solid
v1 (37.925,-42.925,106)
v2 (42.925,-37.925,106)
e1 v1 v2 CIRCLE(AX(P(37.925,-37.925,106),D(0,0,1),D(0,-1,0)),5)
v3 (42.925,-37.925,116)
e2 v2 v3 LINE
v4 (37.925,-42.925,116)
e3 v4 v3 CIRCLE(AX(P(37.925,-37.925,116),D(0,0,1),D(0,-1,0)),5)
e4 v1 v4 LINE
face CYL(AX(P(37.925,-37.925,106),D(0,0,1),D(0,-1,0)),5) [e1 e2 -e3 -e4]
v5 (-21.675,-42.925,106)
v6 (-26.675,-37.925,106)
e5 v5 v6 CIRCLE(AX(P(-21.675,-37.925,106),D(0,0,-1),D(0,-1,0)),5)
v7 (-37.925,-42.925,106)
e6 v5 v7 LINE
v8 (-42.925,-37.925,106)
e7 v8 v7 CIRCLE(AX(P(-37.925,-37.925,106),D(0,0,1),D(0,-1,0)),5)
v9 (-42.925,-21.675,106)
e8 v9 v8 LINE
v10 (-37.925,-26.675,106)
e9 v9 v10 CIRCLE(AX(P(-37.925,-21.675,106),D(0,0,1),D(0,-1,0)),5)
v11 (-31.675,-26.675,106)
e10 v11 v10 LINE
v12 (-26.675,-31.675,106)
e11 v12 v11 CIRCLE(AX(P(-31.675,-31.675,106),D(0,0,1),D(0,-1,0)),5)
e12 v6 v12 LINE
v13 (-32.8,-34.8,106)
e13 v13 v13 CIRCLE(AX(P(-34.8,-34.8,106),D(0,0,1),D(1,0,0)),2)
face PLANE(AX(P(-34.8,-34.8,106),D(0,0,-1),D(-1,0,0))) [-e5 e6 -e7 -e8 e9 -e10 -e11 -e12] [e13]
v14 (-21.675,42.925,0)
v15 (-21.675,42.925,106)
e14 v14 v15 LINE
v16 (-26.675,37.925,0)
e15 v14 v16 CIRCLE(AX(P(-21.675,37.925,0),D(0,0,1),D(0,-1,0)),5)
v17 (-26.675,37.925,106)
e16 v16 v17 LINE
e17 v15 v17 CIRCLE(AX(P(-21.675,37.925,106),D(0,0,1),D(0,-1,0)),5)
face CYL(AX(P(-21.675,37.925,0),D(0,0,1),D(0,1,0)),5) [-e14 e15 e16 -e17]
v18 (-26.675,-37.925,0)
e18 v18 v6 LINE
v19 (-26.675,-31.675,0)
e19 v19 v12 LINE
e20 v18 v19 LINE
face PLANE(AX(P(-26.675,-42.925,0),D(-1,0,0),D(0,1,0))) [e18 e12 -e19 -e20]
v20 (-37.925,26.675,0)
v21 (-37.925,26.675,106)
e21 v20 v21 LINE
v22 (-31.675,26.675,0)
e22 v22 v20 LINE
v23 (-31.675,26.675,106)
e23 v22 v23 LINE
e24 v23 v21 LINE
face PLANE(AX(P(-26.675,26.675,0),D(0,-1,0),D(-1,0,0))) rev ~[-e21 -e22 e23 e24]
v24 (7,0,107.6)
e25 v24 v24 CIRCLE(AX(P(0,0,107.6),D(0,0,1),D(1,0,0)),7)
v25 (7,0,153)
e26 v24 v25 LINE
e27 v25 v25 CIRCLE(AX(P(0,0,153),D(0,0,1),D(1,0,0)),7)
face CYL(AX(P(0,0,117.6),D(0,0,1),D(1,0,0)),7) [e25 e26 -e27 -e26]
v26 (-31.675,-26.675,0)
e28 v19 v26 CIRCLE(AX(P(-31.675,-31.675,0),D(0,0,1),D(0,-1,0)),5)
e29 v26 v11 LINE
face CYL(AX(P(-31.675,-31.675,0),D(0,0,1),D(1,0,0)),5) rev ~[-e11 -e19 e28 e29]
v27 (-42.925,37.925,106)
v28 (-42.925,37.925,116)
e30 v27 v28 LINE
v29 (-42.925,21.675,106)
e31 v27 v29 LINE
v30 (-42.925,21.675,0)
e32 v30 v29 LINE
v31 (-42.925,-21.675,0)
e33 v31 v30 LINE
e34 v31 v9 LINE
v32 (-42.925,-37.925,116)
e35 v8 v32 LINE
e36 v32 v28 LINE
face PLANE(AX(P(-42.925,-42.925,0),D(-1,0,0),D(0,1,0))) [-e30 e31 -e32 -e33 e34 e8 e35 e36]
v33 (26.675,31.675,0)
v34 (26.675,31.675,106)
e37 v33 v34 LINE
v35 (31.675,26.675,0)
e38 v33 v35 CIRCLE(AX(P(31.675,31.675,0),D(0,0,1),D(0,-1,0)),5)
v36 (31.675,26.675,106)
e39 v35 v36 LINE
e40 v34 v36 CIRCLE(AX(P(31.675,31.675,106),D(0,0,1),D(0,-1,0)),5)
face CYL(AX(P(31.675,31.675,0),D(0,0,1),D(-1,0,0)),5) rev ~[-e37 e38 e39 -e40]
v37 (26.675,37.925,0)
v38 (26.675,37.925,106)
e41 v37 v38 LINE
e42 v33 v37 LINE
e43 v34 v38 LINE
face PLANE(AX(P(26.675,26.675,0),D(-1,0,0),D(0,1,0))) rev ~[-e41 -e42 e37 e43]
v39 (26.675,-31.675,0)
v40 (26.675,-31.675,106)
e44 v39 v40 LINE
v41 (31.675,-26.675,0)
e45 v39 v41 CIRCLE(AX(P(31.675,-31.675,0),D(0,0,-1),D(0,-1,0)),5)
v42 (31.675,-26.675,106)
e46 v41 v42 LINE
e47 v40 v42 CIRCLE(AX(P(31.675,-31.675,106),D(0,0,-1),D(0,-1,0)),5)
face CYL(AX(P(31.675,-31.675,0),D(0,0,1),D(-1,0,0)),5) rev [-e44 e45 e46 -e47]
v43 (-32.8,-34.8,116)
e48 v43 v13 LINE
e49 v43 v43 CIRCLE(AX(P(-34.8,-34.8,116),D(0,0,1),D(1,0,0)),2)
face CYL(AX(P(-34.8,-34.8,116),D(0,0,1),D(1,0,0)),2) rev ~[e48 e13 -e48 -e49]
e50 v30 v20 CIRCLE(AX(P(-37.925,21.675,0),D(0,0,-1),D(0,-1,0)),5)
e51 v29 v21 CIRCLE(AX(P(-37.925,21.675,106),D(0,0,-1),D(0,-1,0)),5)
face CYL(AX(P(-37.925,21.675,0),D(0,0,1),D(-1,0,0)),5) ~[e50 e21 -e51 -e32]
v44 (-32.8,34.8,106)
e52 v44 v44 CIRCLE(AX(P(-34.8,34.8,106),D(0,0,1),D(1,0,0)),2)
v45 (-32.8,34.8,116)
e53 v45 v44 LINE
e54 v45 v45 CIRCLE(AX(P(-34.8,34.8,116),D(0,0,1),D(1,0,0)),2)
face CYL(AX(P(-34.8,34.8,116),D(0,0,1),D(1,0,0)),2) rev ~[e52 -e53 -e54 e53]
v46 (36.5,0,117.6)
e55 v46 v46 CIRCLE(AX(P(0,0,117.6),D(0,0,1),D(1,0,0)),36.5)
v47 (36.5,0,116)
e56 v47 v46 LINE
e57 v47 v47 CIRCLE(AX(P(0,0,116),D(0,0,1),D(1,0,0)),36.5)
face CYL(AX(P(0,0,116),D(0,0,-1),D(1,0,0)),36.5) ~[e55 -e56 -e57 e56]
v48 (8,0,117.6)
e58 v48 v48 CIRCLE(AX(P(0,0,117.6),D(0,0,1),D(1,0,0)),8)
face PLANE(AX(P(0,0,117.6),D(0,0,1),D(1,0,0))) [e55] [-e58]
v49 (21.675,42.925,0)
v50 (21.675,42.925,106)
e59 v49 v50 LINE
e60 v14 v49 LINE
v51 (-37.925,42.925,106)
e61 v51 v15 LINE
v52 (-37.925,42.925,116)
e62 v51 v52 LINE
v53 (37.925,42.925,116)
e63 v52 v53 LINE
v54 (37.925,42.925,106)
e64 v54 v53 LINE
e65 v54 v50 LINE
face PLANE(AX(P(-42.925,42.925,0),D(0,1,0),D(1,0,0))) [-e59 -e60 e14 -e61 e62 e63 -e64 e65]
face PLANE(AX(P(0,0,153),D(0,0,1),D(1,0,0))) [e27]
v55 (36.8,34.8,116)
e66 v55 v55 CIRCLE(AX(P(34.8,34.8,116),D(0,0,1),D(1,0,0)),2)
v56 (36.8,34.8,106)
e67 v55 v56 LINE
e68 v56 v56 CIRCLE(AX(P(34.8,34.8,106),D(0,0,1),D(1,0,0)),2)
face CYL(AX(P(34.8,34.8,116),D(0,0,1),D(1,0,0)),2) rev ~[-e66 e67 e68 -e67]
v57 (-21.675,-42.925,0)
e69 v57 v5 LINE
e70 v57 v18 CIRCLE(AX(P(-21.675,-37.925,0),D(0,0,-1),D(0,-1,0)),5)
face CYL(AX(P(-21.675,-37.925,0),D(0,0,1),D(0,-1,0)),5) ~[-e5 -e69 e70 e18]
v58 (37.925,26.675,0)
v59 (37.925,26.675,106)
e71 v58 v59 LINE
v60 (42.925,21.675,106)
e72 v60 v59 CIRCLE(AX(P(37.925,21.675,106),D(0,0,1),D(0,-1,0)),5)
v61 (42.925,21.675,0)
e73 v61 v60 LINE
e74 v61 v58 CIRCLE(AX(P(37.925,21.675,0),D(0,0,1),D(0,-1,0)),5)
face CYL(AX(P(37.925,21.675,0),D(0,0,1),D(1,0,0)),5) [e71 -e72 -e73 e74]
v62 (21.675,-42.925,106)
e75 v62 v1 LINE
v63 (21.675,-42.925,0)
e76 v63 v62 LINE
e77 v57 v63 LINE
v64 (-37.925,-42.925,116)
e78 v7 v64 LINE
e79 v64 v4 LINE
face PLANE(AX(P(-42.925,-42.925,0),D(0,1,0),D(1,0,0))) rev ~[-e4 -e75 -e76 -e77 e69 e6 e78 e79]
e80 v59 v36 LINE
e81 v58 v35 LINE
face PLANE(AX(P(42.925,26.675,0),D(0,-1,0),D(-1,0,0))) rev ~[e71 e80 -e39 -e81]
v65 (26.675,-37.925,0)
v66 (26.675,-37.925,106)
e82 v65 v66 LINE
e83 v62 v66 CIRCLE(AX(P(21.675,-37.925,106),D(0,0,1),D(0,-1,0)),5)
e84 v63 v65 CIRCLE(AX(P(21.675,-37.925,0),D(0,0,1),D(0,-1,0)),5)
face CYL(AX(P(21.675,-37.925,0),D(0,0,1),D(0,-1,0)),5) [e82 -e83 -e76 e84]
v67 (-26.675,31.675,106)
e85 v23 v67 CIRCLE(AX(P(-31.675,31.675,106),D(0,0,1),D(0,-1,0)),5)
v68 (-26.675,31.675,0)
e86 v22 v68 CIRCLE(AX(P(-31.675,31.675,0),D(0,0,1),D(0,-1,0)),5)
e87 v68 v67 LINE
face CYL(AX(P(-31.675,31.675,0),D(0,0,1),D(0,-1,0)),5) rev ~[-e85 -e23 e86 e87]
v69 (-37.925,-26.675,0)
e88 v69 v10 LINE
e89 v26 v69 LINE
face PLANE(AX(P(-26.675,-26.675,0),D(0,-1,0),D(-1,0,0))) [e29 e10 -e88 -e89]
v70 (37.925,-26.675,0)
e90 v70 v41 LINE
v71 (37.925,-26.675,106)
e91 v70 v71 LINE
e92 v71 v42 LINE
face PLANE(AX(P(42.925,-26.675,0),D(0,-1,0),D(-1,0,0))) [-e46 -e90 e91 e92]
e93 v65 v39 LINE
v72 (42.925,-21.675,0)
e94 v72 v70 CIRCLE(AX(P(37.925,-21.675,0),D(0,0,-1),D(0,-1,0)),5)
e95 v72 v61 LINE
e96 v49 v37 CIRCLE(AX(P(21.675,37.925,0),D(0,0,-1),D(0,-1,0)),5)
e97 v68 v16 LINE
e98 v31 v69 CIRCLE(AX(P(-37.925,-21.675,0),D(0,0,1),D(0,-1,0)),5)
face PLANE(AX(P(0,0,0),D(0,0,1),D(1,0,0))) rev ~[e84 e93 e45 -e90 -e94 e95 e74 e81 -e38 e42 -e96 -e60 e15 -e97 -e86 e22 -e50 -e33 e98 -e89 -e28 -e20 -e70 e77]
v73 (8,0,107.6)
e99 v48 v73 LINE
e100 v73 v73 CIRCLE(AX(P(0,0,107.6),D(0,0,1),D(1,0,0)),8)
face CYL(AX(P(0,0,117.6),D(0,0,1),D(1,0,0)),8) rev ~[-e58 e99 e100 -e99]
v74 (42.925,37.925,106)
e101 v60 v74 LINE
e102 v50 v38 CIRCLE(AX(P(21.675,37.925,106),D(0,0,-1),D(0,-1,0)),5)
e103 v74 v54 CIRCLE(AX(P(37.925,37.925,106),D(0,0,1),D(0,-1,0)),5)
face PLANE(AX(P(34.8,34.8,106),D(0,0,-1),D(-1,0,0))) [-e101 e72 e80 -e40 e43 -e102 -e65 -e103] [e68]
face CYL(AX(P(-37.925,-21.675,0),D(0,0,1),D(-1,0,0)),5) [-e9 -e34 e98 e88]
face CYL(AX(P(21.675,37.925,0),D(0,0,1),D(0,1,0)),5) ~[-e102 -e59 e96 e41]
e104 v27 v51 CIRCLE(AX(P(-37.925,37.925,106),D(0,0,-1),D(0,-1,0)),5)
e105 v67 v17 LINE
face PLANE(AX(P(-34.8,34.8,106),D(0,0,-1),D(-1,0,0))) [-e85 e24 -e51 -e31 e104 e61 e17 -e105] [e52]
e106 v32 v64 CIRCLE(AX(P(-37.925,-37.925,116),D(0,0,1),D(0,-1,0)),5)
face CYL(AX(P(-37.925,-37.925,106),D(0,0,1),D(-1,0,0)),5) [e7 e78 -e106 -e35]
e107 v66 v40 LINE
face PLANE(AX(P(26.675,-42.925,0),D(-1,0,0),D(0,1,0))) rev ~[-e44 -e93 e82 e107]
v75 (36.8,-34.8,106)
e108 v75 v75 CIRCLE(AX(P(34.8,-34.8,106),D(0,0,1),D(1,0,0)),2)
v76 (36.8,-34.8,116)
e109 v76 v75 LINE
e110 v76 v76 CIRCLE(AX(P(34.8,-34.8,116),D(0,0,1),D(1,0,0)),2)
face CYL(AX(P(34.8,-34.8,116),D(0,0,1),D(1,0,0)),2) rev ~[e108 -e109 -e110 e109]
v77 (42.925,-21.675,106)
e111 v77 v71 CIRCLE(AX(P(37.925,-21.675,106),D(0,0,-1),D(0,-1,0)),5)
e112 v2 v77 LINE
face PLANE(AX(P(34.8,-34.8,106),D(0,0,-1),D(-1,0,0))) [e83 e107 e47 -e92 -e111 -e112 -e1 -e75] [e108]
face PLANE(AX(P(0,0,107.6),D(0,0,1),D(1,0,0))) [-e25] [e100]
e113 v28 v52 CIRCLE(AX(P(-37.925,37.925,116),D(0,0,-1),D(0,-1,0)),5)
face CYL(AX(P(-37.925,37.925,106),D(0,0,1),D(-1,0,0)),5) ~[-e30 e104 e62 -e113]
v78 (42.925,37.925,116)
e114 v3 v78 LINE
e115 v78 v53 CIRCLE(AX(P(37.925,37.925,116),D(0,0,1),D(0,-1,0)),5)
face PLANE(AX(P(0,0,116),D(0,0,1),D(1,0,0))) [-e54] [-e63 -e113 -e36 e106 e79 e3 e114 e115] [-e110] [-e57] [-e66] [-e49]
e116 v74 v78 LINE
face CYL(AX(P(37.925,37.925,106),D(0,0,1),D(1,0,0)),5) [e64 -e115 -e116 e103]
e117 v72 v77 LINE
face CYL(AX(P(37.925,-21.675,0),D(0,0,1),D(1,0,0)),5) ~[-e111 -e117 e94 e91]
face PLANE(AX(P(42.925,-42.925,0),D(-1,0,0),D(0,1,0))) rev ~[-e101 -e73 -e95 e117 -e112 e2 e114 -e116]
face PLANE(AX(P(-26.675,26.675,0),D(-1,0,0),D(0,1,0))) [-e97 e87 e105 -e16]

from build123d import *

# Parameters (mm, degrees)
SZKIC1_W                    = 85.85
SZKIC1_H                    = 85.85
DODANIE_WYCI_GNI_CIE2_DEPTH = 116
SZKIC3_R                    = 36.5
DODANIE_WYCI_GNI_CIE3_DEPTH = 1.6
SZKIC5_W                    = 16.25
SZKIC5_H                    = 16.25
WYTNIJ_WYCI_GNI_CIE1_DEPTH  = 106
SZYK_LINIOWY1_COUNT         = 2
SZYK_LINIOWY1_PITCH         = 69.6
SZYK_LINIOWY1_COUNT_DIR2    = 2
SZYK_LINIOWY1_PITCH_DIR2    = 69.6
SZKIC6_R                    = 2
WYTNIJ_WYCI_GNI_CIE2_DEPTH  = 10
SZYK_LINIOWY2_COUNT         = 2
SZYK_LINIOWY2_PITCH         = 69.6
SZYK_LINIOWY2_COUNT_DIR2    = 2
SZYK_LINIOWY2_PITCH_DIR2    = 69.6
SZKIC7_R                    = 7
DODANIE_WYCI_GNI_CIE4_DEPTH = 35.4
SZKIC8_R                    = 8
SZKIC8_R_2                  = 7
WYTNIJ_WYCI_GNI_CIE5_DEPTH  = 10
ZAOKR_GLENIE1_R             = 5
ZAOKR_GLENIE2_R             = 5
ZAOKR_GLENIE3_R             = 5


with BuildPart() as part:
    # Szkic1 → Dodanie-wyciągnięcie2 (new body)
    with BuildSketch(Plane.XY):
        Rectangle(SZKIC1_W, SZKIC1_H)
    extrude(amount=DODANIE_WYCI_GNI_CIE2_DEPTH)

    # Szkic3 → Dodanie-wyciągnięcie3 (add)
    with BuildSketch(Plane.XY.offset(116)):
        Circle(SZKIC3_R)
    extrude(amount=DODANIE_WYCI_GNI_CIE3_DEPTH)

    # Szkic5 → Wytnij-wyciągnięcie1 (cut)
    with BuildSketch(Plane(origin=(0, 0, 0), x_dir=(-1, 0, 0), z_dir=(0, 0, -1))):
        with Locations((-34.8, 34.8)):
            Rectangle(SZKIC5_W, SZKIC5_H)
    wytnij_wyci_gni_cie1 = extrude(amount=-WYTNIJ_WYCI_GNI_CIE1_DEPTH, mode=Mode.SUBTRACT)

    # Szyk liniowy1: Wytnij-wyci_gni_cie1 2 × 2
    with Locations(*[(-i * SZYK_LINIOWY1_PITCH, -j * SZYK_LINIOWY1_PITCH_DIR2, 0) for i in range(SZYK_LINIOWY1_COUNT) for j in range(SZYK_LINIOWY1_COUNT_DIR2) if (i, j) != (0, 0)]):
        add(wytnij_wyci_gni_cie1, mode=Mode.SUBTRACT)

    # Szkic6 → Wytnij-wyciągnięcie2 (cut)
    with BuildSketch(Plane.XY.offset(116)):
        with Locations((-34.8, 34.8)):
            Circle(SZKIC6_R)
    wytnij_wyci_gni_cie2 = extrude(amount=-WYTNIJ_WYCI_GNI_CIE2_DEPTH, mode=Mode.SUBTRACT)

    # Szyk liniowy2: Wytnij-wyci_gni_cie2 2 × 2
    with Locations(*[(i * SZYK_LINIOWY2_PITCH, -j * SZYK_LINIOWY2_PITCH_DIR2, 0) for i in range(SZYK_LINIOWY2_COUNT) for j in range(SZYK_LINIOWY2_COUNT_DIR2) if (i, j) != (0, 0)]):
        add(wytnij_wyci_gni_cie2, mode=Mode.SUBTRACT)

    # Szkic7 → Dodanie-wyciągnięcie4 (add)
    with BuildSketch(Plane.XY.offset(117.6)):
        Circle(SZKIC7_R)
    extrude(amount=DODANIE_WYCI_GNI_CIE4_DEPTH)

    # Szkic8 → Wytnij-wyciągnięcie5 (cut)
    with BuildSketch(Plane.XY.offset(117.6)):
        Circle(SZKIC8_R)
        Circle(SZKIC8_R_2, mode=Mode.SUBTRACT)
    extrude(amount=-WYTNIJ_WYCI_GNI_CIE5_DEPTH, mode=Mode.SUBTRACT)

    # Zaokrąglenie1
    zaokr_glenie1_edges = [part.edges().sort_by_distance(p)[0] for p in [
        (42.925, -42.925, 111),
        (-42.925, -42.925, 111),
        (-42.925, 42.925, 111),
        (42.925, 42.925, 111),
    ]]
    fillet(zaokr_glenie1_edges, radius=ZAOKR_GLENIE1_R)

    # Zaokrąglenie2
    zaokr_glenie2_edges = [part.edges().sort_by_distance(p)[0] for p in [
        (42.925, 26.675, 53),
        (26.675, 42.925, 53),
        (42.925, -26.675, 53),
        (26.675, -42.925, 53),
        (-26.675, 42.925, 53),
        (-42.925, 26.675, 53),
        (-26.675, -42.925, 53),
        (-42.925, -26.675, 53),
    ]]
    fillet(zaokr_glenie2_edges, radius=ZAOKR_GLENIE2_R)

    # Zaokrąglenie3
    zaokr_glenie3_edges = [part.edges().sort_by_distance(p)[0] for p in [
        (26.675, 26.675, 53),
        (26.675, -26.675, 53),
        (-26.675, 26.675, 53),
        (-26.675, -26.675, 53),
    ]]
    fillet(zaokr_glenie3_edges, radius=ZAOKR_GLENIE3_R)


solid = part.part
